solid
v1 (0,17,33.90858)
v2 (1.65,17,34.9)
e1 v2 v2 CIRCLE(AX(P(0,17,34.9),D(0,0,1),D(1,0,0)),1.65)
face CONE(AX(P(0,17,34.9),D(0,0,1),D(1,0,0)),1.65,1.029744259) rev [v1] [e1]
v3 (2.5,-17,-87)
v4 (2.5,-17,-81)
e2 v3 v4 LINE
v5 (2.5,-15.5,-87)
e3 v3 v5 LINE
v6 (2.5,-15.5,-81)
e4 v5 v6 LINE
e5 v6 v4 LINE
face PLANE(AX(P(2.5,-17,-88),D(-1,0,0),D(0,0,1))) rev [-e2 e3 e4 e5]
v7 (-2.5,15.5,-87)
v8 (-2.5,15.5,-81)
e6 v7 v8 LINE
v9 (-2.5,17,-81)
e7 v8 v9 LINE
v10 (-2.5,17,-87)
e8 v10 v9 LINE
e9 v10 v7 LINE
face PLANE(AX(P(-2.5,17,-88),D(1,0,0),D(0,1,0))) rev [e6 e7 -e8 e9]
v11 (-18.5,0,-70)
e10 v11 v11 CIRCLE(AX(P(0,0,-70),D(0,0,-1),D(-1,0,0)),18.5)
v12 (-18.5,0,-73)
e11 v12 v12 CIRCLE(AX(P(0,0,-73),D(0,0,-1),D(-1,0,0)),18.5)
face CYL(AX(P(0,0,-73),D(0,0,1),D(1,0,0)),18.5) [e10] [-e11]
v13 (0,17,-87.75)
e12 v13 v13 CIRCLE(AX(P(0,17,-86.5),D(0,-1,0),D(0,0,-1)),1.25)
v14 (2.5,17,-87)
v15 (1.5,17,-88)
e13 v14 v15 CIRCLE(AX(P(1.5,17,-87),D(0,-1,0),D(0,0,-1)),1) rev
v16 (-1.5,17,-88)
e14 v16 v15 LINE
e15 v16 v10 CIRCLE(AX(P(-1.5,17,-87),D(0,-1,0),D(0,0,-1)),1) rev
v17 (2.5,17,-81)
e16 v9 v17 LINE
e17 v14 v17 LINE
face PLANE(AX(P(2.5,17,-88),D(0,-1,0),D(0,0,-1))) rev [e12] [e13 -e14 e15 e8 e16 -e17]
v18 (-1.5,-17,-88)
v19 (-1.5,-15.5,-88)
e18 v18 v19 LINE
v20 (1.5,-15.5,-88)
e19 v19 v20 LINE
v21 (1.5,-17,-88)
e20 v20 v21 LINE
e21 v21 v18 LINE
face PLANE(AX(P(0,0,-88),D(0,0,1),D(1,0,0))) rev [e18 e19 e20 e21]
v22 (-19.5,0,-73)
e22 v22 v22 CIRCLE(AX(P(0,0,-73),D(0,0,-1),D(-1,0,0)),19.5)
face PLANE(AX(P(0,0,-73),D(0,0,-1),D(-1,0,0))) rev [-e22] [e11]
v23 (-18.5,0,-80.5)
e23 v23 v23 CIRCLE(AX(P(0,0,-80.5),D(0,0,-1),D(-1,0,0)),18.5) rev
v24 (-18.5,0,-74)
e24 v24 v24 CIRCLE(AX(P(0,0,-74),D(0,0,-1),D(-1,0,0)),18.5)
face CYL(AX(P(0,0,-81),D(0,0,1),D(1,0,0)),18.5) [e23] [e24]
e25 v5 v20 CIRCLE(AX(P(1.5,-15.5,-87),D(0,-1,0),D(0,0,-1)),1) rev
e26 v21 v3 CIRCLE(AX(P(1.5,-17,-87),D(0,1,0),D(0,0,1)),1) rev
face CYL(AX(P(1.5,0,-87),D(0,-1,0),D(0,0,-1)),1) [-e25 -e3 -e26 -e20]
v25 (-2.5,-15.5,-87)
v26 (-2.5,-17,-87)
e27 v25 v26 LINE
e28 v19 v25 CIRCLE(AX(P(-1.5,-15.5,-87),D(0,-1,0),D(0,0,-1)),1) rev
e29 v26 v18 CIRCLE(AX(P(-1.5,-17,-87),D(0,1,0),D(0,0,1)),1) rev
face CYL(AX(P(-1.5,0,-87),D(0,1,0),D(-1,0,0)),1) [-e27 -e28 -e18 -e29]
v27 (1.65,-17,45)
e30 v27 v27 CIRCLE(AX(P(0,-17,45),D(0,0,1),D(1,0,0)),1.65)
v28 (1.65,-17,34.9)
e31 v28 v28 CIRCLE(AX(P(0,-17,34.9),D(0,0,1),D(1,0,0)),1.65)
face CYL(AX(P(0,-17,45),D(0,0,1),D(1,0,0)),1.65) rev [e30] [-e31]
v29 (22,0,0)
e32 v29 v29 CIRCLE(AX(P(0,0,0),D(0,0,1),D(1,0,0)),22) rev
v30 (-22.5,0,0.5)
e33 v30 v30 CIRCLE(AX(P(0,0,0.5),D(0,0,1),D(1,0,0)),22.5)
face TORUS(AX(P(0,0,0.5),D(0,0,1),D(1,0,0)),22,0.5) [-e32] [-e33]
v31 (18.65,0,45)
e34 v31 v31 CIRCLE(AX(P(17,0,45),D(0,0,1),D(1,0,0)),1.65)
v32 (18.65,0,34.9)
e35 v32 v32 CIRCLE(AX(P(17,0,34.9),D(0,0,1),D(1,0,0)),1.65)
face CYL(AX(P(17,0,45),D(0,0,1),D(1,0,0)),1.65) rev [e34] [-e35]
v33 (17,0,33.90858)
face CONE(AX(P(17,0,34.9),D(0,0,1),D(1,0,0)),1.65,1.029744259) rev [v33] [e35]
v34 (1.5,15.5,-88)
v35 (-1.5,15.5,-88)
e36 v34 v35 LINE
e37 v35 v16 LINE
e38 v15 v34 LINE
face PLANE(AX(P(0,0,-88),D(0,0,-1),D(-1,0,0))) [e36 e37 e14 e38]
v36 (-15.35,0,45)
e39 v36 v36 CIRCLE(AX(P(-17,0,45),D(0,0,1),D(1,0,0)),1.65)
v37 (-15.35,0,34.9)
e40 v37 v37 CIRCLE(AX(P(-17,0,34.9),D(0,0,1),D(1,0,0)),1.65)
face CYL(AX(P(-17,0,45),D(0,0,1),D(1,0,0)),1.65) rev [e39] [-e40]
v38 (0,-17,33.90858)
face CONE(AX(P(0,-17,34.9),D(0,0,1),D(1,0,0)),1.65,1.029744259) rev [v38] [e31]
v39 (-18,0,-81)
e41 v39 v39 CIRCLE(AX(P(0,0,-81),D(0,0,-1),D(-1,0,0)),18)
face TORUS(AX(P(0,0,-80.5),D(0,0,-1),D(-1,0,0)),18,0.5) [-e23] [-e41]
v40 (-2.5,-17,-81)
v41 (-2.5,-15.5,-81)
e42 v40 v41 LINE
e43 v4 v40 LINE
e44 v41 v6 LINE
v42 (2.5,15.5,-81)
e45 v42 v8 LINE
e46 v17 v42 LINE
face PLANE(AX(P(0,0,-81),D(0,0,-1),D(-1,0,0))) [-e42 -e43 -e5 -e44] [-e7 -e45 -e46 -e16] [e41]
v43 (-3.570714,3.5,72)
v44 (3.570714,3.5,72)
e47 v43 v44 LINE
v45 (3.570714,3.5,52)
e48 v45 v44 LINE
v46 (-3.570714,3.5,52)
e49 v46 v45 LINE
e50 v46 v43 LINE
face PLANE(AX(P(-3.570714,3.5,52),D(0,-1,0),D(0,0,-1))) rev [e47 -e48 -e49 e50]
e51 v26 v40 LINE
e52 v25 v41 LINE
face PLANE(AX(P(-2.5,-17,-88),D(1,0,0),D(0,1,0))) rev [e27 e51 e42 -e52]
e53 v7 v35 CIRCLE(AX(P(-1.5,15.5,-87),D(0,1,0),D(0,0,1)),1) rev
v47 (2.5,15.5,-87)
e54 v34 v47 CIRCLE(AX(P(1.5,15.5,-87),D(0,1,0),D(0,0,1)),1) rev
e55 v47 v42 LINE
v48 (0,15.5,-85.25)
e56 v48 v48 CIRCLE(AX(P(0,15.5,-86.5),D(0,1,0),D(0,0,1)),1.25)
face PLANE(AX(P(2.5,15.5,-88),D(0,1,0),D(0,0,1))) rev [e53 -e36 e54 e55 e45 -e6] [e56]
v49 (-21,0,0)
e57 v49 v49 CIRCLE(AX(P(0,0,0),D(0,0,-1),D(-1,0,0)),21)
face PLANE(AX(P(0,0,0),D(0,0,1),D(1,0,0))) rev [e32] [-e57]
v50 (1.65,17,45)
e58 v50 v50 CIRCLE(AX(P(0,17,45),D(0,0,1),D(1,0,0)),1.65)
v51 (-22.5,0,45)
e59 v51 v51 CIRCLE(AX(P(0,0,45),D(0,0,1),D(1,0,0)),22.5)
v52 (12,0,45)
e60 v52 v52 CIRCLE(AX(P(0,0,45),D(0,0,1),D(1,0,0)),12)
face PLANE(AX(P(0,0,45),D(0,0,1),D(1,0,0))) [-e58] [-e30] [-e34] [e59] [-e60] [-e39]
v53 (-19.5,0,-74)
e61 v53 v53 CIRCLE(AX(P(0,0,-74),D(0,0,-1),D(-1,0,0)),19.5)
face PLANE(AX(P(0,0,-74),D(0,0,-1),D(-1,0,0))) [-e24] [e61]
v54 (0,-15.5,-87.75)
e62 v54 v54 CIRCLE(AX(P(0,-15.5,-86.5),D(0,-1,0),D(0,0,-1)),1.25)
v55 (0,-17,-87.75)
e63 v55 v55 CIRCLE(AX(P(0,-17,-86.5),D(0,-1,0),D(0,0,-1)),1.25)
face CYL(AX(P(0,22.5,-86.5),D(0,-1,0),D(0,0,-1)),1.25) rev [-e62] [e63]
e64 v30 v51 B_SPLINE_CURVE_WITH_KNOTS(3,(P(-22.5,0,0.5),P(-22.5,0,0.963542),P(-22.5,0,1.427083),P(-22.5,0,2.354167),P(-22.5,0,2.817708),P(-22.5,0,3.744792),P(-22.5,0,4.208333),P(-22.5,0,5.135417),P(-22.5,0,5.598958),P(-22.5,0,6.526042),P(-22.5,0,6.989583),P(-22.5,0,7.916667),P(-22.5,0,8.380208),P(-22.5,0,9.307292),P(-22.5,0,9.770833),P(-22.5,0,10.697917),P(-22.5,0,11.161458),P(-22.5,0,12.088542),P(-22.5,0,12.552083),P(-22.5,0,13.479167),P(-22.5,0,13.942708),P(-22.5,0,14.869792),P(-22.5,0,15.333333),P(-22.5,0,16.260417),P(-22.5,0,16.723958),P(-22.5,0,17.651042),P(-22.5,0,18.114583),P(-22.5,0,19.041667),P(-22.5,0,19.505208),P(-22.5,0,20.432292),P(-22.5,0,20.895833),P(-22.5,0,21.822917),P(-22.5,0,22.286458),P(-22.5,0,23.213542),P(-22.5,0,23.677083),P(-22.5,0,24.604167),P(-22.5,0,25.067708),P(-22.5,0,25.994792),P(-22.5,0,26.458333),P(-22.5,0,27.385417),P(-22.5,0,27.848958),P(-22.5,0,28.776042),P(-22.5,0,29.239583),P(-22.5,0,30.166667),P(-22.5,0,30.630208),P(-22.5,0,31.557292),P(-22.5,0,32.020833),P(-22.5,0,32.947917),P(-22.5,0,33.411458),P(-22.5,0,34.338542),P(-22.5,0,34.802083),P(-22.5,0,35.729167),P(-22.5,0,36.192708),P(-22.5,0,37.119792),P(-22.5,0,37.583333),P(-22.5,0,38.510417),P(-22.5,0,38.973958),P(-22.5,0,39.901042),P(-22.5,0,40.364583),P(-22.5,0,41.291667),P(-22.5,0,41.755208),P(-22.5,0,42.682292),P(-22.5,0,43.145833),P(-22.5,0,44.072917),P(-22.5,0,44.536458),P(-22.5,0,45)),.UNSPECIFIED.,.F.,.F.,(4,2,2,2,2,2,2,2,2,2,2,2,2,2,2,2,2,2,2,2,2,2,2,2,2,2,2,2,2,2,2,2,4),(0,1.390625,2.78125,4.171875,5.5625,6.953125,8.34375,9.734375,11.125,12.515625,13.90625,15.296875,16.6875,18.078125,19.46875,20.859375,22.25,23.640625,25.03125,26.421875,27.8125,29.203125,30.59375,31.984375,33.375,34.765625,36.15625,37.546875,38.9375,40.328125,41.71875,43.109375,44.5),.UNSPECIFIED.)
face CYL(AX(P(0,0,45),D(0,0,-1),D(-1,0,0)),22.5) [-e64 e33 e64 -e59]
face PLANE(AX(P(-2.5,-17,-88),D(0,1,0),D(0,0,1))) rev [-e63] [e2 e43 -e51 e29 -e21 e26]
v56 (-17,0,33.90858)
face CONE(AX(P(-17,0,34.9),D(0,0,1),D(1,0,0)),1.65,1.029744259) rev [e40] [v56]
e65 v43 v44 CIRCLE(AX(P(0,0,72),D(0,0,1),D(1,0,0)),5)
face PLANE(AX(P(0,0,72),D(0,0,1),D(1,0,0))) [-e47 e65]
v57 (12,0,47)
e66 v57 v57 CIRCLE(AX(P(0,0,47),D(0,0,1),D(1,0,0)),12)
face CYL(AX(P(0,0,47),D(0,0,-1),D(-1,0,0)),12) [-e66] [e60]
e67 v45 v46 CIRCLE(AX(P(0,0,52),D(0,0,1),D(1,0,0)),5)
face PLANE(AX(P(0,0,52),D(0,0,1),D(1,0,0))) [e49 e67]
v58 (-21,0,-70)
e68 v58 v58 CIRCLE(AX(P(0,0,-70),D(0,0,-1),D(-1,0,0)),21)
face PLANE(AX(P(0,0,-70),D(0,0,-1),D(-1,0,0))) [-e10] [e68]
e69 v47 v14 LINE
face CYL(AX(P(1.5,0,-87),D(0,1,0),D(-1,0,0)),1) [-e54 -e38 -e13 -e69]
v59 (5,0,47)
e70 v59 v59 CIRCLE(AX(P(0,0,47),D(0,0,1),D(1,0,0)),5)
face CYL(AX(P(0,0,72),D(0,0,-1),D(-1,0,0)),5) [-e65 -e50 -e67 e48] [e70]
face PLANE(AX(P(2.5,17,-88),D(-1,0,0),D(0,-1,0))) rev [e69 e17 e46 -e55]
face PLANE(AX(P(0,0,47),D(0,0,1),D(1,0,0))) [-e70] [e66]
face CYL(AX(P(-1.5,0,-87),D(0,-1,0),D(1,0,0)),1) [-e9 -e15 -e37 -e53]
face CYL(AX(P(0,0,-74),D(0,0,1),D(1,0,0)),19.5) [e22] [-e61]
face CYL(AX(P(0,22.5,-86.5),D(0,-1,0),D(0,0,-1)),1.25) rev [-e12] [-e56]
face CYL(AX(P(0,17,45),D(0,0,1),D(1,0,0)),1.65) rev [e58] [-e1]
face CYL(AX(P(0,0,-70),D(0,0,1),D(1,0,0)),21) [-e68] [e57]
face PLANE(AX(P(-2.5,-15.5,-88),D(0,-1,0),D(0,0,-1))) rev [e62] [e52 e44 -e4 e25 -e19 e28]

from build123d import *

# Parameters (mm, degrees)
SKETCH2_R             = 22.5
BOSS_EXTRUDE2_DEPTH   = 45
M4_TAPPED_HOLE2_D     = 3.3
M4_TAPPED_HOLE2_DEPTH = 10.1
M4_TAPPED_HOLE2_TIP   = 0.991420021
SKETCH6_R             = 12
BOSS_EXTRUDE3_DEPTH   = 2
SKETCH7_R             = 5
BOSS_EXTRUDE4_DEPTH   = 25
CUT_EXTRUDE1_START    = -20
CUT_EXTRUDE1_DEPTH    = 20
SKETCH9_R             = 21
BOSS_EXTRUDE5_DEPTH   = 70
SKETCH10_R            = 18.5
BOSS_EXTRUDE6_DEPTH   = 3
SKETCH11_R            = 19.5
BOSS_EXTRUDE7_DEPTH   = 1
SKETCH12_R            = 18.5
BOSS_EXTRUDE8_DEPTH   = 7
SKETCH13_W            = 5
SKETCH13_H            = 1.5
BOSS_EXTRUDE9_DEPTH   = 7
SKETCH14_R            = 1.25
CUT_EXTRUDE2_DEPTH    = 100.047968177
FILLET1_R             = 1
FILLET2_R             = 0.5
FILLET3_R             = 0.5


with BuildPart() as part:
    # Sketch2 → Boss-Extrude2 (new body)
    with BuildSketch(Plane.XY):
        with Locations(Location((0, 0, 0), (0, 0, 180))):
            Circle(SKETCH2_R)
    extrude(amount=BOSS_EXTRUDE2_DEPTH)

    # M4 Tapped Hole2
    with Locations(Plane(origin=(0, 17, 45), x_dir=(1, 0, 0), z_dir=(0, 0, 1))):
        with Locations((0, 0), (17, -17), (0, -34), (-17, -17)):
            Hole(M4_TAPPED_HOLE2_D / 2, depth=M4_TAPPED_HOLE2_DEPTH)
            with Locations((0, 0, -(M4_TAPPED_HOLE2_DEPTH + M4_TAPPED_HOLE2_TIP / 2))):  # 118° drill point
                Cone(0, M4_TAPPED_HOLE2_D / 2, M4_TAPPED_HOLE2_TIP, mode=Mode.SUBTRACT)

    # Sketch6 → Boss-Extrude3 (add)
    with BuildSketch(Plane.XY.offset(45)):
        Circle(SKETCH6_R)
    extrude(amount=BOSS_EXTRUDE3_DEPTH)

    # Sketch7 → Boss-Extrude4 (add)
    with BuildSketch(Plane.XY.offset(47)):
        Circle(SKETCH7_R)
    extrude(amount=BOSS_EXTRUDE4_DEPTH)

    # Sketch8 → Cut-Extrude1 (cut)
    with BuildSketch(Plane.XY.offset(72).offset(CUT_EXTRUDE1_START)):
        with BuildLine():
            Line((-3.570714214, 3.5), (3.570714214, 3.5))
            ThreePointArc((3.570714214, 3.5), (0, 5), (-3.570714214, 3.5))
        make_face()
    extrude(amount=CUT_EXTRUDE1_DEPTH, mode=Mode.SUBTRACT)

    # Sketch9 → Boss-Extrude5 (add)
    with BuildSketch(Plane(origin=(0, 0, 0), x_dir=(-1, 0, 0), z_dir=(0, 0, -1))):
        Circle(SKETCH9_R)
    extrude(amount=BOSS_EXTRUDE5_DEPTH)

    # Sketch10 → Boss-Extrude6 (add)
    with BuildSketch(Plane(origin=(0, 0, -70), x_dir=(-1, 0, 0), z_dir=(0, 0, -1))):
        Circle(SKETCH10_R)
    extrude(amount=BOSS_EXTRUDE6_DEPTH)

    # Sketch11 → Boss-Extrude7 (add)
    with BuildSketch(Plane(origin=(0, 0, -73), x_dir=(-1, 0, 0), z_dir=(0, 0, -1))):
        Circle(SKETCH11_R)
    extrude(amount=BOSS_EXTRUDE7_DEPTH)

    # Sketch12 → Boss-Extrude8 (add)
    with BuildSketch(Plane(origin=(0, 0, -74), x_dir=(-1, 0, 0), z_dir=(0, 0, -1))):
        Circle(SKETCH12_R)
    extrude(amount=BOSS_EXTRUDE8_DEPTH)

    # Sketch13 → Boss-Extrude9 (add)
    with BuildSketch(Plane(origin=(0, 0, -81), x_dir=(-1, 0, 0), z_dir=(0, 0, -1))):
        with Locations((0, -16.25)):
            Rectangle(SKETCH13_W, SKETCH13_H)
        with Locations((0, 16.25)):
            Rectangle(SKETCH13_W, SKETCH13_H)
    extrude(amount=BOSS_EXTRUDE9_DEPTH)

    # Sketch14 → Cut-Extrude2 (cut, through all)
    with BuildSketch(Plane.XZ.offset(17)):
        with Locations(Location((0, -86.5, 0), (0, 0, 270))):
            Circle(SKETCH14_R)
    extrude(amount=-CUT_EXTRUDE2_DEPTH, mode=Mode.SUBTRACT)

    # Fillet1
    fillet1_edges = [part.edges().sort_by_distance(p)[0] for p in [
        (2.5, 16.25, -88),
        (-2.5, 16.25, -88),
        (-2.5, -16.25, -88),
        (2.5, -16.25, -88),
    ]]
    fillet(fillet1_edges, radius=FILLET1_R)

    # Fillet2
    fillet2_edges = [part.edges().sort_by_distance(p)[0] for p in [
        (18.5, 0, -81),
    ]]
    fillet(fillet2_edges, radius=FILLET2_R)

    # Fillet3
    fillet3_edges = [part.edges().sort_by_distance(p)[0] for p in [
        (22.5, 0, 0),
    ]]
    fillet(fillet3_edges, radius=FILLET3_R)


solid = part.part
